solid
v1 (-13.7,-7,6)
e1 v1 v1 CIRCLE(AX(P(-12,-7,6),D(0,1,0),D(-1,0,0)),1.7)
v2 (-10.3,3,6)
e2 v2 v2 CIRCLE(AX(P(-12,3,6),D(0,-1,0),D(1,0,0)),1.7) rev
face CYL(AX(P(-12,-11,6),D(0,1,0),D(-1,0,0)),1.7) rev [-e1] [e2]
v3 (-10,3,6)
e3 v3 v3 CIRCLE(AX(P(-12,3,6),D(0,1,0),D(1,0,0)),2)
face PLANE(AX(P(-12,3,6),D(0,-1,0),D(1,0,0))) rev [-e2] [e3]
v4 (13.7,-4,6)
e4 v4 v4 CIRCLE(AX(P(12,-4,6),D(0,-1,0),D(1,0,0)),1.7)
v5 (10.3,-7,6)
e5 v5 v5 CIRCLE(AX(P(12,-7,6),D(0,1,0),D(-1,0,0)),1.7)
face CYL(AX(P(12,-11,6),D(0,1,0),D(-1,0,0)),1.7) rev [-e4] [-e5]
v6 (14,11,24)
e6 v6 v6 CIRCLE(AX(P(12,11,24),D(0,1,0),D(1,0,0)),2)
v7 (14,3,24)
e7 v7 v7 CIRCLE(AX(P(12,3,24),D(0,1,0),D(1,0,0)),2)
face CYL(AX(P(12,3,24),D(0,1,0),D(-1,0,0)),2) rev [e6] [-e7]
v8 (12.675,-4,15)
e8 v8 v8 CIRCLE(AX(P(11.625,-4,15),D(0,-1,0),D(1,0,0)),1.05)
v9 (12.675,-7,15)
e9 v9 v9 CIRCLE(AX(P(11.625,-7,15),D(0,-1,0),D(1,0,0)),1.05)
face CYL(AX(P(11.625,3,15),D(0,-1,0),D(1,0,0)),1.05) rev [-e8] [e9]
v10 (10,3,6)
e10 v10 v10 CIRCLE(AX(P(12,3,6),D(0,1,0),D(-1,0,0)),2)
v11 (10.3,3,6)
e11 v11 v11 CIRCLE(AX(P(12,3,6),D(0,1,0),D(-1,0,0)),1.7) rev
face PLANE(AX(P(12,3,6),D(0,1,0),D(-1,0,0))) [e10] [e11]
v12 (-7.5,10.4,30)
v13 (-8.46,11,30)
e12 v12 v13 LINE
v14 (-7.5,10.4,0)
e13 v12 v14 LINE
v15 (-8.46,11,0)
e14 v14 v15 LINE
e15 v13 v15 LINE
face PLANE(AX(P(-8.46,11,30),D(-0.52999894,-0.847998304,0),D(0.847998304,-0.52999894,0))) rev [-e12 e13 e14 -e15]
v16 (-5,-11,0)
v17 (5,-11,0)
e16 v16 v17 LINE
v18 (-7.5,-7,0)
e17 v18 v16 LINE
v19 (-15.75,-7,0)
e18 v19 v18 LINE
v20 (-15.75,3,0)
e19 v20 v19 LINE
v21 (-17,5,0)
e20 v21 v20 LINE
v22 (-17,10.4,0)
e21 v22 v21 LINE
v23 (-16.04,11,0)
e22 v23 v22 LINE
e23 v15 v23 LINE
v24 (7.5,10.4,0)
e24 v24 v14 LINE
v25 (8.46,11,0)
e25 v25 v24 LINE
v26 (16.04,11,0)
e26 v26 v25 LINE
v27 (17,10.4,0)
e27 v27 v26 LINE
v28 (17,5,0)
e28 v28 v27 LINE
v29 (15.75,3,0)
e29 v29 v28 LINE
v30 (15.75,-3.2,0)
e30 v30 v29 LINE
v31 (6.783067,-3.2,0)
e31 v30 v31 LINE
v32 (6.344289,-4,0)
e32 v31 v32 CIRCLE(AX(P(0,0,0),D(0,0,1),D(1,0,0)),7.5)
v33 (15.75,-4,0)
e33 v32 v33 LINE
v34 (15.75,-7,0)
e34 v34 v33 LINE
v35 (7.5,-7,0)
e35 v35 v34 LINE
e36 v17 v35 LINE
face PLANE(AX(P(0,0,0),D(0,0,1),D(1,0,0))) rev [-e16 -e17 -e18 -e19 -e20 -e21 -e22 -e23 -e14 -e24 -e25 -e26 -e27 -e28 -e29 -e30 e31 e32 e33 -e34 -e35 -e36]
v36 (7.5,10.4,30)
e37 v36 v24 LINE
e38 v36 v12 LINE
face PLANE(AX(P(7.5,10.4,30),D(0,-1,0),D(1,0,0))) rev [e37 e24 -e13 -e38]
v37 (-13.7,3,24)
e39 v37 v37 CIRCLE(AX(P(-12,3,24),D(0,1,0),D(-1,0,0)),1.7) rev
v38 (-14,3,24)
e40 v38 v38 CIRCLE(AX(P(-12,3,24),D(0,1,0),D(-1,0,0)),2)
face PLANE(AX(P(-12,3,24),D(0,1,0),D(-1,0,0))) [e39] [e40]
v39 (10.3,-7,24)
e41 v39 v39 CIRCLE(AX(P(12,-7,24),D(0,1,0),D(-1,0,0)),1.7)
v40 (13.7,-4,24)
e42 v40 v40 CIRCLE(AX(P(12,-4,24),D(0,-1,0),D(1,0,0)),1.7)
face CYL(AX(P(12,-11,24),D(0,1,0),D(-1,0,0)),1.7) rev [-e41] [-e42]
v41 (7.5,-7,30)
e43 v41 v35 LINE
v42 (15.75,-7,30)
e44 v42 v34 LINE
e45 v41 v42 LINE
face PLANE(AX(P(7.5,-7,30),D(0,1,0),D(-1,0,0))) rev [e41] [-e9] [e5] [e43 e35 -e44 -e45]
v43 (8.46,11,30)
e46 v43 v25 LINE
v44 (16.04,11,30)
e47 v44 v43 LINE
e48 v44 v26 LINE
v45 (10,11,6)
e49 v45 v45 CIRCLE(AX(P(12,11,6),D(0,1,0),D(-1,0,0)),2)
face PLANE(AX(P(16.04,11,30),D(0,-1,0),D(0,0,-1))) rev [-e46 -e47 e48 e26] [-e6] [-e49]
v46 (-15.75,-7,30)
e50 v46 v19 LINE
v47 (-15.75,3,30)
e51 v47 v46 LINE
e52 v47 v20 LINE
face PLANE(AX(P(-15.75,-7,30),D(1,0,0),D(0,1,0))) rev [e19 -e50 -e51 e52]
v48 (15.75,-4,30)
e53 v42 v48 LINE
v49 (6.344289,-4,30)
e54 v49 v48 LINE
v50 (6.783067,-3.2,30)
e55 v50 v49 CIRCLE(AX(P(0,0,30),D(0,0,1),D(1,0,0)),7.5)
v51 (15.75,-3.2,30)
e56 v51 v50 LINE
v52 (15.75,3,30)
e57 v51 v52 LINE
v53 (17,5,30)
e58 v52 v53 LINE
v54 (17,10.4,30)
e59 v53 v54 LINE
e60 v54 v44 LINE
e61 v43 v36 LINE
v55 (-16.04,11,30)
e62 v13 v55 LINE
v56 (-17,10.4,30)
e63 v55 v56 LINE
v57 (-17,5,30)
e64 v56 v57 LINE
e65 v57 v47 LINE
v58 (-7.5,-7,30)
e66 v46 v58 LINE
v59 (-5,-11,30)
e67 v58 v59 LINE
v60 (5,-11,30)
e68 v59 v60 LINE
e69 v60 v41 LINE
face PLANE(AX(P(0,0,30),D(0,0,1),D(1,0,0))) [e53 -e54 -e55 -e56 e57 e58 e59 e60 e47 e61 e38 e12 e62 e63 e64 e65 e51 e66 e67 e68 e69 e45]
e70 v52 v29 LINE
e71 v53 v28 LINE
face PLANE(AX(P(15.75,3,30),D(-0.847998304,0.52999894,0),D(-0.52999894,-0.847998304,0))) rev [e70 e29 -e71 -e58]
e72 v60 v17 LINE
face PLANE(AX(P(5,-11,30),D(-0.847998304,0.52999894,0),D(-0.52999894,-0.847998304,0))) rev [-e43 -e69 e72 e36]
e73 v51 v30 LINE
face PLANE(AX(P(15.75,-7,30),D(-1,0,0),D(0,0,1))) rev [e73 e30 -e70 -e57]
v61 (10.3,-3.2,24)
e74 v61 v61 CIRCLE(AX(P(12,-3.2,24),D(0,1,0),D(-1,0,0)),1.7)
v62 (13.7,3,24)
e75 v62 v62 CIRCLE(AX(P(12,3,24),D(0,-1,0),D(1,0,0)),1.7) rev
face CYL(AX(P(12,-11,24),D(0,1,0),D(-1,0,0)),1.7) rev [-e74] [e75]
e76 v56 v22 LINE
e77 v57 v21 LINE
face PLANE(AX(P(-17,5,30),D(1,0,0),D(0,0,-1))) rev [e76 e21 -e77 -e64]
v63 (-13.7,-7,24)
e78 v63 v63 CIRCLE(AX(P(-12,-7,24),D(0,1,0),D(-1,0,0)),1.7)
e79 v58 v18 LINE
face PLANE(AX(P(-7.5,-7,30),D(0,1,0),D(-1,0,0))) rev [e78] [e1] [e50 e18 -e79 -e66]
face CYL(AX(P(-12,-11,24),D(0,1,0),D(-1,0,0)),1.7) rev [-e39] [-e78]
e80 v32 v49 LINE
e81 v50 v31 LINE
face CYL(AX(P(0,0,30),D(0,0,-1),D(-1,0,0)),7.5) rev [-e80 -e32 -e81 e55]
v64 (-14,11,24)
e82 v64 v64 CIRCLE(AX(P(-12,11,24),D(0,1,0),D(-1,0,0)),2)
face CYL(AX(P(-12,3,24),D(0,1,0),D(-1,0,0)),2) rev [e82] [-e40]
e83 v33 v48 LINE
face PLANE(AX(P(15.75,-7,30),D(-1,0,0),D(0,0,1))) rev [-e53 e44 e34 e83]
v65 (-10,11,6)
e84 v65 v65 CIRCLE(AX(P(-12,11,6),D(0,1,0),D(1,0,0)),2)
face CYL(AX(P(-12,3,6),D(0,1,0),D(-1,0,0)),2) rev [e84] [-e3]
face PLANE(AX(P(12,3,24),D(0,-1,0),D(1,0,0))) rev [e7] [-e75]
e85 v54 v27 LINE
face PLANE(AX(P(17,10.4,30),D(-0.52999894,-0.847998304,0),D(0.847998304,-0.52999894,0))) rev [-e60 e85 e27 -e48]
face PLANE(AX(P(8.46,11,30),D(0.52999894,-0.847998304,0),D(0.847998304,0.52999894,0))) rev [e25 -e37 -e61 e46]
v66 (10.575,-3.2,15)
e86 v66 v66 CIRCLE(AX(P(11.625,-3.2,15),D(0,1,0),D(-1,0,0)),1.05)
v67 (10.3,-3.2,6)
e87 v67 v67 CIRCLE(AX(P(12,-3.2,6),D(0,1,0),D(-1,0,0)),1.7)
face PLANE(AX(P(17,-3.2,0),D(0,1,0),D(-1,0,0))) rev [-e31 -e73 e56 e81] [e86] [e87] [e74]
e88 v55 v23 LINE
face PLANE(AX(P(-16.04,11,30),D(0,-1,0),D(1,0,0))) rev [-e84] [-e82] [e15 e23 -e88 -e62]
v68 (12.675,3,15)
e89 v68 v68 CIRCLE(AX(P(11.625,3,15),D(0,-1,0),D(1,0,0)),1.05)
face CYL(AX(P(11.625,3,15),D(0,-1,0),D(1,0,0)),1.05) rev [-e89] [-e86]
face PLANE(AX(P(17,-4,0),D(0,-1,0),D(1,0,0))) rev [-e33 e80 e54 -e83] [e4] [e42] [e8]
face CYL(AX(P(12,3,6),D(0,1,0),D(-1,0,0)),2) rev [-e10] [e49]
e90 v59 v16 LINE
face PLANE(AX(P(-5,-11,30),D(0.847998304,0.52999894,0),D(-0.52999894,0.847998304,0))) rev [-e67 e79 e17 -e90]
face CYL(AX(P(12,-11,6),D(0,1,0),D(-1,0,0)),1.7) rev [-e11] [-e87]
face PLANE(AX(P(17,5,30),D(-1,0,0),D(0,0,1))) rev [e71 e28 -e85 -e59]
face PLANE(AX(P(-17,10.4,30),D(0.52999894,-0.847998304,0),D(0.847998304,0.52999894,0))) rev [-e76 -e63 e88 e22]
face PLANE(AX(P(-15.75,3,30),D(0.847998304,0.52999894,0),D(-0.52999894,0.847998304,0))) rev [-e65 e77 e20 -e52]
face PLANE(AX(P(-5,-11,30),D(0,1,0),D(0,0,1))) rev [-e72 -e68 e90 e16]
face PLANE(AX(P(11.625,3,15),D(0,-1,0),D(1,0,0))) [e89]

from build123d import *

# Parameters (mm, degrees)
CROQUIS1_R              = 7.5
SALIENTE_EXTRUIR1_DEPTH = 30
CROQUIS2_W              = 12
CROQUIS2_H              = 0.8
CORTAR_EXTRUIR1_DEPTH   = 37.193922142
CROQUIS3_R              = 1.05
CORTAR_EXTRUIR2_DEPTH   = 10
CROQUIS4_R              = 1.7
CORTAR_EXTRUIR3_DEPTH   = 41.902322672
CROQUIS5_R              = 2
CORTAR_EXTRUIR4_DEPTH   = 8


with BuildPart() as part:
    # Croquis1 → Saliente-Extruir1 (new body)
    with BuildSketch(Plane.XY):
        Polygon((-5, -11), (5, -11), (7.5, -7), (15.75, -7), (15.75, 3), (17, 5), (17, 10.4), (16.04, 11), (8.46, 11), (7.5, 10.4), (-7.5, 10.4), (-8.46, 11), (-16.04, 11), (-17, 10.4), (-17, 5), (-15.75, 3), (-15.75, -7), (-7.5, -7), align=None)
        Circle(CROQUIS1_R, mode=Mode.SUBTRACT)
    extrude(amount=SALIENTE_EXTRUIR1_DEPTH)

    # Croquis2 → Cortar-Extruir1 (cut, through all)
    with BuildSketch(Plane.XY.offset(30)):
        with Locations((11, -3.6)):
            Rectangle(CROQUIS2_W, CROQUIS2_H)
    extrude(amount=-CORTAR_EXTRUIR1_DEPTH, mode=Mode.SUBTRACT)

    # Croquis3 → Cortar-Extruir2 (cut)
    with BuildSketch(Plane.XZ.offset(7)):
        with Locations((11.625, 15)):
            Circle(CROQUIS3_R)
    extrude(amount=-CORTAR_EXTRUIR2_DEPTH, mode=Mode.SUBTRACT)

    # Croquis4 → Cortar-Extruir3 (cut, through all)
    with BuildSketch(Plane(origin=(0, 11, 0), x_dir=(1, 0, 0), z_dir=(0, 1, 0))):
        with Locations(Location((12, -6, 0), (0, 0, 180))):
            Circle(CROQUIS4_R)
        with Locations(Location((-12, -6, 0), (0, 0, 180))):
            Circle(CROQUIS4_R)
        with Locations(Location((-12, -24, 0), (0, 0, 180))):
            Circle(CROQUIS4_R)
        with Locations(Location((12, -24, 0), (0, 0, 180))):
            Circle(CROQUIS4_R)
    extrude(amount=-CORTAR_EXTRUIR3_DEPTH, mode=Mode.SUBTRACT)

    # Croquis5 → Cortar-Extruir4 (cut)
    with BuildSketch(Plane(origin=(0, 11, 0), x_dir=(1, 0, 0), z_dir=(0, 1, 0))):
        with Locations(Location((12, -6, 0), (0, 0, 180))):
            Circle(CROQUIS5_R)
        with Locations((-12, -6)):
            Circle(CROQUIS5_R)
        with Locations(Location((-12, -24, 0), (0, 0, 180))):
            Circle(CROQUIS5_R)
        with Locations((12, -24)):
            Circle(CROQUIS5_R)
    extrude(amount=-CORTAR_EXTRUIR4_DEPTH, mode=Mode.SUBTRACT)


solid = part.part
